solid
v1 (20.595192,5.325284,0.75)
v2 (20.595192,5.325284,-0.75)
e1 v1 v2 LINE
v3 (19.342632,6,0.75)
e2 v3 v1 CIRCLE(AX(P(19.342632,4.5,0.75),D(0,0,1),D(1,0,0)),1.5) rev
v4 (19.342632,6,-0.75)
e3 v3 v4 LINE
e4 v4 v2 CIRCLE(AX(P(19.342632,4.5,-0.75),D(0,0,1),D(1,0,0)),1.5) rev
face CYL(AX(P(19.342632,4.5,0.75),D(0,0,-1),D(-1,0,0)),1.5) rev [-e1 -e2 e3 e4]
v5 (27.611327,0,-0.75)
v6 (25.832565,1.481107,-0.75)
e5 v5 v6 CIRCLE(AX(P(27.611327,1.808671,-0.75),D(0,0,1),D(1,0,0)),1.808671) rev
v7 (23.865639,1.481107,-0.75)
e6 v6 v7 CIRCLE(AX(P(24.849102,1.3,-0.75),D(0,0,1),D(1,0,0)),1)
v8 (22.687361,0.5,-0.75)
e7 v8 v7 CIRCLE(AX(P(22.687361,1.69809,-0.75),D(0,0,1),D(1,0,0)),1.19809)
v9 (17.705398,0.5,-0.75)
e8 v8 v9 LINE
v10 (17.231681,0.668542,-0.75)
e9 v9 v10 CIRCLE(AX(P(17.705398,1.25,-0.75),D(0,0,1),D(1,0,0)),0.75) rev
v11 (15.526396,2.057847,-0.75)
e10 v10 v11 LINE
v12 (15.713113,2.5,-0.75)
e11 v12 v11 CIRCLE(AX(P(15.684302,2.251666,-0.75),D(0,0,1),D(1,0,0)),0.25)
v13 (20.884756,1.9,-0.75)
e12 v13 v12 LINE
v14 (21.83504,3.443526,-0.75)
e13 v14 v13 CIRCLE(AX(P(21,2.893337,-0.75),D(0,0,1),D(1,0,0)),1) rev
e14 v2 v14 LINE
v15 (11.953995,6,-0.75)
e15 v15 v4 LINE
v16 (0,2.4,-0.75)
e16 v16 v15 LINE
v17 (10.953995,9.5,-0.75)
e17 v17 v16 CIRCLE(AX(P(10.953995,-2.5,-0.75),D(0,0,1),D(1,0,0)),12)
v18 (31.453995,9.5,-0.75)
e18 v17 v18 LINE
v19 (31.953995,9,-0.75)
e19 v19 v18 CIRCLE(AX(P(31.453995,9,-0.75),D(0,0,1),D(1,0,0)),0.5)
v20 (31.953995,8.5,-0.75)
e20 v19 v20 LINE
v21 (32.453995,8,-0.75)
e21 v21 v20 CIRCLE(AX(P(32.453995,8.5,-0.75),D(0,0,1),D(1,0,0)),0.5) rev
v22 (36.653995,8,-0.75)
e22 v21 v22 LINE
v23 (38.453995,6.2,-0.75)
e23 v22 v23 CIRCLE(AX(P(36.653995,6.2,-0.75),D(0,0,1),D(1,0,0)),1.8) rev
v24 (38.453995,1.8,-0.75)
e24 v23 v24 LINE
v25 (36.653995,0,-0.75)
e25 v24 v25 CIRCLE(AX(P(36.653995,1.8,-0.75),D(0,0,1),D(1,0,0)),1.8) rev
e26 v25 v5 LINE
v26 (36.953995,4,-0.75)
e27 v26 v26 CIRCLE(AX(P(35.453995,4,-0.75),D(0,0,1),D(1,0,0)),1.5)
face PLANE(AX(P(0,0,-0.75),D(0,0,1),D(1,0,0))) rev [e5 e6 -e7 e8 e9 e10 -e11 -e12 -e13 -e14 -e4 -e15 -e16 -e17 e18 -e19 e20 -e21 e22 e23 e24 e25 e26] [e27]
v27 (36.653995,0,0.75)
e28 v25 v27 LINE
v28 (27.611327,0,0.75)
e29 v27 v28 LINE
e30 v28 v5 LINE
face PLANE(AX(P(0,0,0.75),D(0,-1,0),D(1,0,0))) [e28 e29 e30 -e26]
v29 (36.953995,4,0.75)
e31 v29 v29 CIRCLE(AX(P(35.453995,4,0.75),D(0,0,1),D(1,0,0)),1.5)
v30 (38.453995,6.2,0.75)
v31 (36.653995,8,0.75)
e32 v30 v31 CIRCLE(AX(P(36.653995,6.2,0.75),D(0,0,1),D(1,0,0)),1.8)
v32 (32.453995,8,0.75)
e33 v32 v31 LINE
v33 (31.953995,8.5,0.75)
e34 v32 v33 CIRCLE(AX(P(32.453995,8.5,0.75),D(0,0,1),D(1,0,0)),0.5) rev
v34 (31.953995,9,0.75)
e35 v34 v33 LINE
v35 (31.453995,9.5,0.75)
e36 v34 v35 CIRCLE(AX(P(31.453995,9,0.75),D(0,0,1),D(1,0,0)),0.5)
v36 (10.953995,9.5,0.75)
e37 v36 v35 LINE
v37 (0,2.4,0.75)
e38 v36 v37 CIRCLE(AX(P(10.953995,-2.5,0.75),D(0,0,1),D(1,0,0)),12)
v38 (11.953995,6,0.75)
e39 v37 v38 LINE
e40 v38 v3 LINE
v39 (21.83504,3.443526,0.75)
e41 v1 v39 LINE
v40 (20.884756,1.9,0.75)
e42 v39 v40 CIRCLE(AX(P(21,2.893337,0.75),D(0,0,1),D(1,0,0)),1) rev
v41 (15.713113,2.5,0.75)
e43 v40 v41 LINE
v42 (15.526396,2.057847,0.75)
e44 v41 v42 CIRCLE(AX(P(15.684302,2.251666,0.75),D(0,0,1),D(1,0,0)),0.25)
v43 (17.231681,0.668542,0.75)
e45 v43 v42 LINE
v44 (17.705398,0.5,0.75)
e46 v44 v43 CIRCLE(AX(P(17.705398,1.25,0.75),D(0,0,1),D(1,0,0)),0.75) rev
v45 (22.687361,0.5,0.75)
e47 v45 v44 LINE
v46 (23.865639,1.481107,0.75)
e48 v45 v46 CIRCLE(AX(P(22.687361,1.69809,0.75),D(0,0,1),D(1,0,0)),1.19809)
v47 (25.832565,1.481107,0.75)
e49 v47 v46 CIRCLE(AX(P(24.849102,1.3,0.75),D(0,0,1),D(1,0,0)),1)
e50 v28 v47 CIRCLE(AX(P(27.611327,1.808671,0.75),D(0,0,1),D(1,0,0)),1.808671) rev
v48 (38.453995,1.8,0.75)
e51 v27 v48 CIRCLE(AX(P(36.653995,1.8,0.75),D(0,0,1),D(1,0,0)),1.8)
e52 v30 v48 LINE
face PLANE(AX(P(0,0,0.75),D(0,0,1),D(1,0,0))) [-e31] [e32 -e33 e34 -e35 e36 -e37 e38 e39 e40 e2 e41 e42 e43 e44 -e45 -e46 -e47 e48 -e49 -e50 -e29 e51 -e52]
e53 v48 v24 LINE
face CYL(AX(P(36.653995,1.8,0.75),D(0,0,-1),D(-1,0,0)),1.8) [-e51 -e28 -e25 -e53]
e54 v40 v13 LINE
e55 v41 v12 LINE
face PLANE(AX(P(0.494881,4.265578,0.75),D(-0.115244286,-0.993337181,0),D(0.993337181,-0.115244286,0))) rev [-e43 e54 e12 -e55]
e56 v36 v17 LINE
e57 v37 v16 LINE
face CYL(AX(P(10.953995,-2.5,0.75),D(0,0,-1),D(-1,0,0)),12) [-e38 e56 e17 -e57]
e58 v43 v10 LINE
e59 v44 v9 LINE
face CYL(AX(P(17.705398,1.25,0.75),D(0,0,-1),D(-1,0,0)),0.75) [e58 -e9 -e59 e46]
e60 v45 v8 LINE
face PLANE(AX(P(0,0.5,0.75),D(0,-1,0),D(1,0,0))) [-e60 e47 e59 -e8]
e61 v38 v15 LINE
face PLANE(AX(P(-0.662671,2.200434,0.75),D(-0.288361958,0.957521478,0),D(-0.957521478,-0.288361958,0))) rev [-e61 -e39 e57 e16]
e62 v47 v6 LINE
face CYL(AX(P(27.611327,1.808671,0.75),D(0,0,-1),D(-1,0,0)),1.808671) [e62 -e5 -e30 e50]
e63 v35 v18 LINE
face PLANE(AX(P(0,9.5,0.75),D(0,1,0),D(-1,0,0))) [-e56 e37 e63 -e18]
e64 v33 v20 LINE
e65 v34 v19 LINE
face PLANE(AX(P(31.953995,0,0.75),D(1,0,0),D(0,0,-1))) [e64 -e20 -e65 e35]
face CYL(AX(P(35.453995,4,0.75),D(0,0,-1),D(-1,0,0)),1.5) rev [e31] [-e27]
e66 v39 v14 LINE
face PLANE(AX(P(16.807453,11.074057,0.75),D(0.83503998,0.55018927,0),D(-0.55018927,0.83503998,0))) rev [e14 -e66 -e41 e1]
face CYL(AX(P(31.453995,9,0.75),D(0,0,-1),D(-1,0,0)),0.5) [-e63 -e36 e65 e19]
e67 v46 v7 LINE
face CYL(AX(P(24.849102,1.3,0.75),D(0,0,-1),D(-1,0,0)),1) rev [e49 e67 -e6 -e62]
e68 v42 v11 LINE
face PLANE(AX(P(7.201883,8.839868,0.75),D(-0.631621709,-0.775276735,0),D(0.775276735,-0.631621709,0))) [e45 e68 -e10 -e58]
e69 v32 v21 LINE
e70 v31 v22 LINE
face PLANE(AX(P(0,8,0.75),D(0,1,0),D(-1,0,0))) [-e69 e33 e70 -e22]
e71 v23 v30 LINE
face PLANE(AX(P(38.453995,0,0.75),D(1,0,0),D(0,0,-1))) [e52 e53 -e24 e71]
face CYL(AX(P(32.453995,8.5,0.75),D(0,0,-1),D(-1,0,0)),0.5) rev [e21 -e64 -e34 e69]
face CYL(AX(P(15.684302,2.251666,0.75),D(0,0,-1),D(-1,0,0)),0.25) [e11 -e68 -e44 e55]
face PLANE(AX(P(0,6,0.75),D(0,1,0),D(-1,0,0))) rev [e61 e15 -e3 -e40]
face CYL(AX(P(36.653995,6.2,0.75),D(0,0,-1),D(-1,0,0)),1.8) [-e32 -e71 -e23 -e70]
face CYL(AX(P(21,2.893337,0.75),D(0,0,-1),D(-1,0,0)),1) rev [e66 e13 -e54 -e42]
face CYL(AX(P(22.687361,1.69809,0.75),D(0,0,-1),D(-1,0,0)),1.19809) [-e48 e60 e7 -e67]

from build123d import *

# Parameters (mm, degrees)
SKETCH1_R           = 1.5
BOSS_EXTRUDE1_DEPTH = 0.75
FILLET1_R           = 1.8


with BuildPart() as part:
    # Sketch1 → Boss-Extrude1 (new, symmetric)
    with BuildSketch(Plane.XY):
        with BuildLine():
            Line((10.953994705, 9.5), (31.453994705, 9.5))
            ThreePointArc((31.453994705, 9.5), (31.807548096, 9.353553391), (31.953994705, 9))
            Line((31.953994705, 9), (31.953994705, 8.5))
            ThreePointArc((31.953994705, 8.5), (32.100441315, 8.146446609), (32.453994705, 8))
            Line((32.453994705, 8), (38.453994705, 8))
            Line((38.453994705, 8), (38.453994705, 0))
            Line((38.453994705, 0), (27.61132699, 0))
            ThreePointArc((27.61132699, 0), (26.453994705, 0.418752726), (25.83256534, 1.481107378))
            ThreePointArc((25.83256534, 1.481107378), (24.849102012, 2.3), (23.865638684, 1.481107378))
            ThreePointArc((23.865638684, 1.481107378), (23.453994705, 0.777387983), (22.687360725, 0.5))
            Line((22.687360725, 0.5), (17.705397605, 0.5))
            ThreePointArc((17.705397605, 0.5), (17.453994705, 0.543390786), (17.231681323, 0.668542449))
            Line((17.231681323, 0.668542449), (15.526396166, 2.057846521))
            ThreePointArc((15.526396166, 2.057846521), (15.453994705, 2.348921744), (15.713112665, 2.5))
            Line((15.713112665, 2.5), (20.884755714, 1.9))
            ThreePointArc((20.884755714, 1.9), (21.851554423, 2.369070966), (21.83503998, 3.44352645))
            Line((21.83503998, 3.44352645), (20.595191848, 5.325283904))
            ThreePointArc((20.595191848, 5.325283904), (20.053994705, 5.820591886), (19.342631878, 6))
            Line((19.342631878, 6), (11.953994705, 6))
            Line((11.953994705, 6), (0, 2.4))
            ThreePointArc((0, 2.4), (4.427127156, 7.5697567), (10.953994705, 9.5))
        make_face()
        with Locations((35.453994705, 4)):
            Circle(SKETCH1_R, mode=Mode.SUBTRACT)
    extrude(amount=BOSS_EXTRUDE1_DEPTH, both=True)

    # Fillet1
    fillet1_edges = [part.edges().sort_by_distance(p)[0] for p in [
        (38.453994705, 8, 0),
        (38.453994705, 0, 0),
    ]]
    fillet(fillet1_edges, radius=FILLET1_R)


solid = part.part
